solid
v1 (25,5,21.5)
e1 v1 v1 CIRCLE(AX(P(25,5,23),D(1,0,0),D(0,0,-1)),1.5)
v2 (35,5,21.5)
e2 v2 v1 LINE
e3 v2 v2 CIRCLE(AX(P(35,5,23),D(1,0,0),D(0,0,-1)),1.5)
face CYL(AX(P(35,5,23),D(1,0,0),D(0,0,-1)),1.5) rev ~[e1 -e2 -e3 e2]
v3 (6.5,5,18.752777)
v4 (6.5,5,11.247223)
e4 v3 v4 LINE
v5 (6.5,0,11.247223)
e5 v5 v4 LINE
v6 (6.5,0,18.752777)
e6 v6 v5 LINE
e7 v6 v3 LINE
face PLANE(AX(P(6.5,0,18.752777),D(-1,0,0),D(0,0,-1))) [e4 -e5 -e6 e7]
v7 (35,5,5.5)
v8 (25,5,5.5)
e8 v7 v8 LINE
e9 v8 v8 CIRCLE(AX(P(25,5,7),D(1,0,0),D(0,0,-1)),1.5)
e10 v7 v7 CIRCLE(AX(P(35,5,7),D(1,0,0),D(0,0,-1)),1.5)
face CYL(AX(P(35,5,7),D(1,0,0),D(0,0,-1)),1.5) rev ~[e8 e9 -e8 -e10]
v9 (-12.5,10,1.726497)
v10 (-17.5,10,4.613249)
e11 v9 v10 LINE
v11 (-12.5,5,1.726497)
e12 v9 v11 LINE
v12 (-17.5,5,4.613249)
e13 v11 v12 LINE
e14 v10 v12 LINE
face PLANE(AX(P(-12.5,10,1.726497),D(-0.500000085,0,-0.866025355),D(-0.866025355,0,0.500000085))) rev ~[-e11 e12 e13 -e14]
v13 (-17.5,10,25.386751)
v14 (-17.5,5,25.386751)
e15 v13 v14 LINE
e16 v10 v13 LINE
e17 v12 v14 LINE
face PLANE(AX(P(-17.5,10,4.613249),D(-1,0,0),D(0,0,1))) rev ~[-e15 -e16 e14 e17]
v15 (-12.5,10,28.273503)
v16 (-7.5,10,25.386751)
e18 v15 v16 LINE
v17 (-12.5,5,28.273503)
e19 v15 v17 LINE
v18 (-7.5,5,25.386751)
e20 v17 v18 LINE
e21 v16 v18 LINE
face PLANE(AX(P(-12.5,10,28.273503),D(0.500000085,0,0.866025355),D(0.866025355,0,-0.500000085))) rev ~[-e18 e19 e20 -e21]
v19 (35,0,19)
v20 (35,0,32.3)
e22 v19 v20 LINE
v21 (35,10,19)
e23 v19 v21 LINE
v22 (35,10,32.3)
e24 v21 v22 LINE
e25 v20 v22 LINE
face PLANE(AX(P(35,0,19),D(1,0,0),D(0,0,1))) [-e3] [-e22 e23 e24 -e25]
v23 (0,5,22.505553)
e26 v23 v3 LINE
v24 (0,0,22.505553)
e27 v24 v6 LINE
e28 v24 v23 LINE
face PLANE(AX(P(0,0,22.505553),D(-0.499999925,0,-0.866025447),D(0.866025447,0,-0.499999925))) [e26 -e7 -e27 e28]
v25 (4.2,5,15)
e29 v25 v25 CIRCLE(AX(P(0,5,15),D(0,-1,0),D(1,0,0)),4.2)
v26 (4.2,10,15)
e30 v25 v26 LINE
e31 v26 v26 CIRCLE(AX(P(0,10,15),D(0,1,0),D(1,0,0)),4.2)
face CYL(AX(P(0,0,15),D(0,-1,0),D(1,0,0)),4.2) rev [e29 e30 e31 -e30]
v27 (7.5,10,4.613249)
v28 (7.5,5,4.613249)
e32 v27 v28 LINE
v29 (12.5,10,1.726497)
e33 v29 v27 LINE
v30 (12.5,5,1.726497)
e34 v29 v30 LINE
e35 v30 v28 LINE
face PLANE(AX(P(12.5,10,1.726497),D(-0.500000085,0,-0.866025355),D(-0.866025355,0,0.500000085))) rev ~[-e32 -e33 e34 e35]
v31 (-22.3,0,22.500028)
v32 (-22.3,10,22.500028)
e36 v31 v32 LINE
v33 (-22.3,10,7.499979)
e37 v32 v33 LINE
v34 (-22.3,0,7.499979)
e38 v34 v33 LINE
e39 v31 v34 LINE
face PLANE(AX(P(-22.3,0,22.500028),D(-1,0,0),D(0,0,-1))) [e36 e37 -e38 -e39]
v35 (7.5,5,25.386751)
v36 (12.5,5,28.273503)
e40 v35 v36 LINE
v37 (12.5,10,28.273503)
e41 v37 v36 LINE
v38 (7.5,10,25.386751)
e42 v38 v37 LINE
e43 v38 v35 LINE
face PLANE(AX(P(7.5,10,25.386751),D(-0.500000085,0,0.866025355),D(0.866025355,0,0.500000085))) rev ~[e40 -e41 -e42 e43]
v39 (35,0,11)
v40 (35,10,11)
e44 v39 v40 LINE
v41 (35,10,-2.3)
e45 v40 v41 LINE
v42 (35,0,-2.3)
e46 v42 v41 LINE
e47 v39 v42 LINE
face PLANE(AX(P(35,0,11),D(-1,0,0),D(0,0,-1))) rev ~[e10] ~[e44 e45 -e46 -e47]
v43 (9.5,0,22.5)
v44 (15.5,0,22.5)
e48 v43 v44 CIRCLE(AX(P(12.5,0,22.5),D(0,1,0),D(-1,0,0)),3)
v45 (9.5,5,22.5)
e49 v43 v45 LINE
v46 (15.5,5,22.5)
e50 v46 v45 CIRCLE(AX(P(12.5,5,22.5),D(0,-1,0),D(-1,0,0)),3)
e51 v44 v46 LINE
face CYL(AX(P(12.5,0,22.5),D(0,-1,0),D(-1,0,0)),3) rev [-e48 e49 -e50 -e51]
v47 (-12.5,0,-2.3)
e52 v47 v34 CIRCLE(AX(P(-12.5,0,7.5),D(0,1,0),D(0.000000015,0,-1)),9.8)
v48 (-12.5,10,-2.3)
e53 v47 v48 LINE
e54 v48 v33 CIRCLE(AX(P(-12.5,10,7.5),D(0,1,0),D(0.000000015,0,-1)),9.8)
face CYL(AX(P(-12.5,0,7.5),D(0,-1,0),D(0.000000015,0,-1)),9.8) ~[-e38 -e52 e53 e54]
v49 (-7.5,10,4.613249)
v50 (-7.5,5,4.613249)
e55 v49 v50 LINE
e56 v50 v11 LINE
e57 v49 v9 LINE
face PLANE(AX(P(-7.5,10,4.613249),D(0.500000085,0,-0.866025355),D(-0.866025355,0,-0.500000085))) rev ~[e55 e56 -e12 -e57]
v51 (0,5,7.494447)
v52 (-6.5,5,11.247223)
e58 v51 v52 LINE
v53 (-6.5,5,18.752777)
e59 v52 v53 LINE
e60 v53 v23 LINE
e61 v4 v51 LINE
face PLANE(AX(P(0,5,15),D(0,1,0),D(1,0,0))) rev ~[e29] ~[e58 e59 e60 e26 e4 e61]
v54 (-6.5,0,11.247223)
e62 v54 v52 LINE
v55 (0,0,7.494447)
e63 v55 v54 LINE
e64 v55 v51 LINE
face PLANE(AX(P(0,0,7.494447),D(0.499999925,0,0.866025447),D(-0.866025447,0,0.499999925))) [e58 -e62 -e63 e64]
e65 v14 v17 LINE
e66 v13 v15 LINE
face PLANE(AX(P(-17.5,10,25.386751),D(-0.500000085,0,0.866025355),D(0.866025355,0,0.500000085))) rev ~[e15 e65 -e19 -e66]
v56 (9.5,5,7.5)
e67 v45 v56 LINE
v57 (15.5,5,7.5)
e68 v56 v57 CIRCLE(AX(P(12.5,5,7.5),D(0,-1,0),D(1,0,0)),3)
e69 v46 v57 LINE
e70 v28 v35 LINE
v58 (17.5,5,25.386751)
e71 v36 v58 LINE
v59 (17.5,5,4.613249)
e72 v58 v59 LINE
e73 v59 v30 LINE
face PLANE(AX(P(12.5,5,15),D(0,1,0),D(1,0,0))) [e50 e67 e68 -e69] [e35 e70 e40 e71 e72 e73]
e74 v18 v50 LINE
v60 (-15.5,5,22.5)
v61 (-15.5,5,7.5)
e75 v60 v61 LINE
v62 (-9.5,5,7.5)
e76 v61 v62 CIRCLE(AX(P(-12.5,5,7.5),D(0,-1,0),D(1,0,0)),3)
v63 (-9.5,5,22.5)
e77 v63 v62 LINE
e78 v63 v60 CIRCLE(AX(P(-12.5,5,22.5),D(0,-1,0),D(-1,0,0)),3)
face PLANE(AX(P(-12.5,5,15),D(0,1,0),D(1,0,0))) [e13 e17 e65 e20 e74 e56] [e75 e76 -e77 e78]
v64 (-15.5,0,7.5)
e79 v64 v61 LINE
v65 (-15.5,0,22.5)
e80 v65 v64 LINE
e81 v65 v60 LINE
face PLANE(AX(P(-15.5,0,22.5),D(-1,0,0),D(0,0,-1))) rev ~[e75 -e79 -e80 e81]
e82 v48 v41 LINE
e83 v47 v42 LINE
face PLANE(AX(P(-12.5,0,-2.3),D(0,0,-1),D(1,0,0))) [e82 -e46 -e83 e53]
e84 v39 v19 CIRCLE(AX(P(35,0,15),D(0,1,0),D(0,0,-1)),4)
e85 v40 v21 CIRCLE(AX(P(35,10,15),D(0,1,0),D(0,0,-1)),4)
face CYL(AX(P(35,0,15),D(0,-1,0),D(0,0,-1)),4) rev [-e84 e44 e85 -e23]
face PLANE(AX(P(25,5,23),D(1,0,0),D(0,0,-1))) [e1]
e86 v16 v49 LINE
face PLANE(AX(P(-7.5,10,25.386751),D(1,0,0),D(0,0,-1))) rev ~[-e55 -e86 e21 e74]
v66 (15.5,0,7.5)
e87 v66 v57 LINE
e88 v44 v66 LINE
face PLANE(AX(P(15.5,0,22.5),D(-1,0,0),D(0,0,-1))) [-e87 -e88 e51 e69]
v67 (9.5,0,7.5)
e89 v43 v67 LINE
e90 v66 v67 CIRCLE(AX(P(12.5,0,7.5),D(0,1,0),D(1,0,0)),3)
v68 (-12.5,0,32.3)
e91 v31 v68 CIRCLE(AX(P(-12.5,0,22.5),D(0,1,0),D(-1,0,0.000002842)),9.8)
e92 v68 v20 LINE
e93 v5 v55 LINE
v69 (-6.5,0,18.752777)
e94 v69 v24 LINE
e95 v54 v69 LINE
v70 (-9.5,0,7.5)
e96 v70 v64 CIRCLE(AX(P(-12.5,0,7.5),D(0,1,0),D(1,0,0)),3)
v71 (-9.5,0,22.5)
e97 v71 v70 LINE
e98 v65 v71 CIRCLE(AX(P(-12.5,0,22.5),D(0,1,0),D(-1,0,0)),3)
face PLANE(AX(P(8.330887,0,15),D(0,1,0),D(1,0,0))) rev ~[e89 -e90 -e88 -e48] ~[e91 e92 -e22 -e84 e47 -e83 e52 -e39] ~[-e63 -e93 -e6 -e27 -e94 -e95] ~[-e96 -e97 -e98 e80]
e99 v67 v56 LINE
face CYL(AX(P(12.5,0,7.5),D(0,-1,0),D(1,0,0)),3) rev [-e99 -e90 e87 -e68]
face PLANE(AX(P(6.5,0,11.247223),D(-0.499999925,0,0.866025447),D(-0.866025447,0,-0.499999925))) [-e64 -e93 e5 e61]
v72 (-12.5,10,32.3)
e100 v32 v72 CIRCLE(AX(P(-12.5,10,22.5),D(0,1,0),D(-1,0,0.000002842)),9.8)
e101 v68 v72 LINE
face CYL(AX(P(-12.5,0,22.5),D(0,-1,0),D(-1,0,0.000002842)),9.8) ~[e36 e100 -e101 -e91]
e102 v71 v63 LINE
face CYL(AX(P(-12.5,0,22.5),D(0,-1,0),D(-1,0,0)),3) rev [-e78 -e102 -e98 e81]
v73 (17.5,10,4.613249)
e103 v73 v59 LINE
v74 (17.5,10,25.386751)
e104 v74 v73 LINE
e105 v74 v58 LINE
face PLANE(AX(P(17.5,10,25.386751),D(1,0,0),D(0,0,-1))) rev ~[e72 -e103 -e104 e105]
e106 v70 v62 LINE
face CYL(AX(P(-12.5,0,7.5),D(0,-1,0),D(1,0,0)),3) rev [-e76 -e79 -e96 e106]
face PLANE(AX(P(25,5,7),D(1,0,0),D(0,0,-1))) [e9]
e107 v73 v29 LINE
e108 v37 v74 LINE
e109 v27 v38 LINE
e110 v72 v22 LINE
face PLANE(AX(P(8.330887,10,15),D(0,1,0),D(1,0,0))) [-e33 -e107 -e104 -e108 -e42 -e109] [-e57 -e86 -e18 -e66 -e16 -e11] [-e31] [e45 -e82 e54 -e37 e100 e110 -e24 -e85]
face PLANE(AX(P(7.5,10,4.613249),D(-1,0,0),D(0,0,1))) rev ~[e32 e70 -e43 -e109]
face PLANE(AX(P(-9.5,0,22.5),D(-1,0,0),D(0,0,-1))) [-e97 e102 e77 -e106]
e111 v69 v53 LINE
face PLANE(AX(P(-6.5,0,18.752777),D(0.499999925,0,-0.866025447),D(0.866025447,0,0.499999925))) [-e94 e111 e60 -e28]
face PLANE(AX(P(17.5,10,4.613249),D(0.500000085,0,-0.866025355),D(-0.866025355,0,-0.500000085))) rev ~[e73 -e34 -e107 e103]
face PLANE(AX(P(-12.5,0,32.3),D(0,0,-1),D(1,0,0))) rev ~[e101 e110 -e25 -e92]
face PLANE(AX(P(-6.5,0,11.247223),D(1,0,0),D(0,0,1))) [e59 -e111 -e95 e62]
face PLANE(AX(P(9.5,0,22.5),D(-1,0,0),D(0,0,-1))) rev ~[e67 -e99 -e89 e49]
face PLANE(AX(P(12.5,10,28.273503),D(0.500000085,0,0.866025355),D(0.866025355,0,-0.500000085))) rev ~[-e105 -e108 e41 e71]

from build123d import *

# Parameters (mm, degrees)
SKETCH_R             = 4.2
PAD_DEPTH            = 10
POCKET_DEPTH         = 5
POCKET001_DEPTH      = 5
SKETCH003_R          = 1.5
POCKET002_DEPTH      = 10
BODY_PLACEMENT_ANGLE = 270


with BuildPart() as part:
    # Sketch → Pad (new body)
    with BuildSketch(Plane.XY):
        with BuildLine():
            ThreePointArc((-22.3, -7.500028), (-19.429637, -14.429656), (-12.5, -17.3))
            Line((-12.5, -17.3), (35, -17.3))
            Line((35, -4), (35, -17.3))
            ThreePointArc((35, 4), (31, 0), (35, -4))
            Line((35, 4), (35, 17.3))
            Line((-12.5, 17.3), (35, 17.3))
            ThreePointArc((-12.5, 17.3), (-19.429639, 14.429654), (-22.3, 7.500021))
            Line((-22.3, -7.500028), (-22.3, 7.500021))
        make_face()
        Circle(SKETCH_R, mode=Mode.SUBTRACT)
        with BuildLine():
            ThreePointArc((-15.5, -7.5), (-12.5, -10.5), (-9.5, -7.5))
            Line((-9.5, -7.5), (-9.5, 7.5))
            ThreePointArc((-9.5, 7.5), (-12.5, 10.5), (-15.5, 7.5))
            Line((-15.5, -7.5), (-15.5, 7.5))
        make_face(mode=Mode.SUBTRACT)
        with BuildLine():
            ThreePointArc((9.5, -7.5), (12.5, -10.5), (15.5, -7.5))
            Line((15.5, -7.5), (15.5, 7.5))
            ThreePointArc((15.5, 7.5), (12.5, 10.5), (9.5, 7.5))
            Line((9.5, -7.5), (9.5, 7.5))
        make_face(mode=Mode.SUBTRACT)
    extrude(amount=PAD_DEPTH)

    # Sketch001 (on Face19 of Pad) → Pocket (cut)
    with BuildSketch(Plane.XY.offset(10)):
        Polygon((-12.5, 13.273503), (-17.5, 10.386751), (-17.5, 4.613249), (-17.5, -4.613249), (-17.5, -10.386751), (-12.5, -13.273503), (-7.5, -10.386751), (-7.5, -4.613249), (-7.5, 4.613249), (-7.5, 10.386751), align=None)
        Polygon((7.5, -4.613249), (7.5, -10.386751), (12.5, -13.273503), (17.5, -10.386751), (17.5, -4.613249), (17.5, 4.613249), (17.5, 10.386751), (12.5, 13.273503), (7.5, 10.386751), (7.5, 4.613249), align=None)
    extrude(amount=-POCKET_DEPTH, mode=Mode.SUBTRACT)

    # Sketch002 → Pocket001 (cut)
    with BuildSketch(Plane.XY):
        Polygon((-6.5, 3.752777), (-6.5, -3.752777), (0, -7.505553), (6.5, -3.752777), (6.5, 3.752777), (0, 7.505553), align=None)
    extrude(amount=POCKET001_DEPTH, mode=Mode.SUBTRACT)

    # Sketch003 (on Face10 of Pocket001) → Pocket002 (cut)
    with BuildSketch(Plane.YZ.offset(35)):
        with Locations((-8, 5)):
            Circle(SKETCH003_R)
        with Locations((8, 5)):
            Circle(SKETCH003_R)
    extrude(amount=-POCKET002_DEPTH, mode=Mode.SUBTRACT)


with BuildPart() as part_1:
    # Body placement: moved
    add(part.part.moved(Location((0, 0, 15))).rotate(Axis((0, 0, 15), (1, 0, 0)), BODY_PLACEMENT_ANGLE))


solid = part_1.part
